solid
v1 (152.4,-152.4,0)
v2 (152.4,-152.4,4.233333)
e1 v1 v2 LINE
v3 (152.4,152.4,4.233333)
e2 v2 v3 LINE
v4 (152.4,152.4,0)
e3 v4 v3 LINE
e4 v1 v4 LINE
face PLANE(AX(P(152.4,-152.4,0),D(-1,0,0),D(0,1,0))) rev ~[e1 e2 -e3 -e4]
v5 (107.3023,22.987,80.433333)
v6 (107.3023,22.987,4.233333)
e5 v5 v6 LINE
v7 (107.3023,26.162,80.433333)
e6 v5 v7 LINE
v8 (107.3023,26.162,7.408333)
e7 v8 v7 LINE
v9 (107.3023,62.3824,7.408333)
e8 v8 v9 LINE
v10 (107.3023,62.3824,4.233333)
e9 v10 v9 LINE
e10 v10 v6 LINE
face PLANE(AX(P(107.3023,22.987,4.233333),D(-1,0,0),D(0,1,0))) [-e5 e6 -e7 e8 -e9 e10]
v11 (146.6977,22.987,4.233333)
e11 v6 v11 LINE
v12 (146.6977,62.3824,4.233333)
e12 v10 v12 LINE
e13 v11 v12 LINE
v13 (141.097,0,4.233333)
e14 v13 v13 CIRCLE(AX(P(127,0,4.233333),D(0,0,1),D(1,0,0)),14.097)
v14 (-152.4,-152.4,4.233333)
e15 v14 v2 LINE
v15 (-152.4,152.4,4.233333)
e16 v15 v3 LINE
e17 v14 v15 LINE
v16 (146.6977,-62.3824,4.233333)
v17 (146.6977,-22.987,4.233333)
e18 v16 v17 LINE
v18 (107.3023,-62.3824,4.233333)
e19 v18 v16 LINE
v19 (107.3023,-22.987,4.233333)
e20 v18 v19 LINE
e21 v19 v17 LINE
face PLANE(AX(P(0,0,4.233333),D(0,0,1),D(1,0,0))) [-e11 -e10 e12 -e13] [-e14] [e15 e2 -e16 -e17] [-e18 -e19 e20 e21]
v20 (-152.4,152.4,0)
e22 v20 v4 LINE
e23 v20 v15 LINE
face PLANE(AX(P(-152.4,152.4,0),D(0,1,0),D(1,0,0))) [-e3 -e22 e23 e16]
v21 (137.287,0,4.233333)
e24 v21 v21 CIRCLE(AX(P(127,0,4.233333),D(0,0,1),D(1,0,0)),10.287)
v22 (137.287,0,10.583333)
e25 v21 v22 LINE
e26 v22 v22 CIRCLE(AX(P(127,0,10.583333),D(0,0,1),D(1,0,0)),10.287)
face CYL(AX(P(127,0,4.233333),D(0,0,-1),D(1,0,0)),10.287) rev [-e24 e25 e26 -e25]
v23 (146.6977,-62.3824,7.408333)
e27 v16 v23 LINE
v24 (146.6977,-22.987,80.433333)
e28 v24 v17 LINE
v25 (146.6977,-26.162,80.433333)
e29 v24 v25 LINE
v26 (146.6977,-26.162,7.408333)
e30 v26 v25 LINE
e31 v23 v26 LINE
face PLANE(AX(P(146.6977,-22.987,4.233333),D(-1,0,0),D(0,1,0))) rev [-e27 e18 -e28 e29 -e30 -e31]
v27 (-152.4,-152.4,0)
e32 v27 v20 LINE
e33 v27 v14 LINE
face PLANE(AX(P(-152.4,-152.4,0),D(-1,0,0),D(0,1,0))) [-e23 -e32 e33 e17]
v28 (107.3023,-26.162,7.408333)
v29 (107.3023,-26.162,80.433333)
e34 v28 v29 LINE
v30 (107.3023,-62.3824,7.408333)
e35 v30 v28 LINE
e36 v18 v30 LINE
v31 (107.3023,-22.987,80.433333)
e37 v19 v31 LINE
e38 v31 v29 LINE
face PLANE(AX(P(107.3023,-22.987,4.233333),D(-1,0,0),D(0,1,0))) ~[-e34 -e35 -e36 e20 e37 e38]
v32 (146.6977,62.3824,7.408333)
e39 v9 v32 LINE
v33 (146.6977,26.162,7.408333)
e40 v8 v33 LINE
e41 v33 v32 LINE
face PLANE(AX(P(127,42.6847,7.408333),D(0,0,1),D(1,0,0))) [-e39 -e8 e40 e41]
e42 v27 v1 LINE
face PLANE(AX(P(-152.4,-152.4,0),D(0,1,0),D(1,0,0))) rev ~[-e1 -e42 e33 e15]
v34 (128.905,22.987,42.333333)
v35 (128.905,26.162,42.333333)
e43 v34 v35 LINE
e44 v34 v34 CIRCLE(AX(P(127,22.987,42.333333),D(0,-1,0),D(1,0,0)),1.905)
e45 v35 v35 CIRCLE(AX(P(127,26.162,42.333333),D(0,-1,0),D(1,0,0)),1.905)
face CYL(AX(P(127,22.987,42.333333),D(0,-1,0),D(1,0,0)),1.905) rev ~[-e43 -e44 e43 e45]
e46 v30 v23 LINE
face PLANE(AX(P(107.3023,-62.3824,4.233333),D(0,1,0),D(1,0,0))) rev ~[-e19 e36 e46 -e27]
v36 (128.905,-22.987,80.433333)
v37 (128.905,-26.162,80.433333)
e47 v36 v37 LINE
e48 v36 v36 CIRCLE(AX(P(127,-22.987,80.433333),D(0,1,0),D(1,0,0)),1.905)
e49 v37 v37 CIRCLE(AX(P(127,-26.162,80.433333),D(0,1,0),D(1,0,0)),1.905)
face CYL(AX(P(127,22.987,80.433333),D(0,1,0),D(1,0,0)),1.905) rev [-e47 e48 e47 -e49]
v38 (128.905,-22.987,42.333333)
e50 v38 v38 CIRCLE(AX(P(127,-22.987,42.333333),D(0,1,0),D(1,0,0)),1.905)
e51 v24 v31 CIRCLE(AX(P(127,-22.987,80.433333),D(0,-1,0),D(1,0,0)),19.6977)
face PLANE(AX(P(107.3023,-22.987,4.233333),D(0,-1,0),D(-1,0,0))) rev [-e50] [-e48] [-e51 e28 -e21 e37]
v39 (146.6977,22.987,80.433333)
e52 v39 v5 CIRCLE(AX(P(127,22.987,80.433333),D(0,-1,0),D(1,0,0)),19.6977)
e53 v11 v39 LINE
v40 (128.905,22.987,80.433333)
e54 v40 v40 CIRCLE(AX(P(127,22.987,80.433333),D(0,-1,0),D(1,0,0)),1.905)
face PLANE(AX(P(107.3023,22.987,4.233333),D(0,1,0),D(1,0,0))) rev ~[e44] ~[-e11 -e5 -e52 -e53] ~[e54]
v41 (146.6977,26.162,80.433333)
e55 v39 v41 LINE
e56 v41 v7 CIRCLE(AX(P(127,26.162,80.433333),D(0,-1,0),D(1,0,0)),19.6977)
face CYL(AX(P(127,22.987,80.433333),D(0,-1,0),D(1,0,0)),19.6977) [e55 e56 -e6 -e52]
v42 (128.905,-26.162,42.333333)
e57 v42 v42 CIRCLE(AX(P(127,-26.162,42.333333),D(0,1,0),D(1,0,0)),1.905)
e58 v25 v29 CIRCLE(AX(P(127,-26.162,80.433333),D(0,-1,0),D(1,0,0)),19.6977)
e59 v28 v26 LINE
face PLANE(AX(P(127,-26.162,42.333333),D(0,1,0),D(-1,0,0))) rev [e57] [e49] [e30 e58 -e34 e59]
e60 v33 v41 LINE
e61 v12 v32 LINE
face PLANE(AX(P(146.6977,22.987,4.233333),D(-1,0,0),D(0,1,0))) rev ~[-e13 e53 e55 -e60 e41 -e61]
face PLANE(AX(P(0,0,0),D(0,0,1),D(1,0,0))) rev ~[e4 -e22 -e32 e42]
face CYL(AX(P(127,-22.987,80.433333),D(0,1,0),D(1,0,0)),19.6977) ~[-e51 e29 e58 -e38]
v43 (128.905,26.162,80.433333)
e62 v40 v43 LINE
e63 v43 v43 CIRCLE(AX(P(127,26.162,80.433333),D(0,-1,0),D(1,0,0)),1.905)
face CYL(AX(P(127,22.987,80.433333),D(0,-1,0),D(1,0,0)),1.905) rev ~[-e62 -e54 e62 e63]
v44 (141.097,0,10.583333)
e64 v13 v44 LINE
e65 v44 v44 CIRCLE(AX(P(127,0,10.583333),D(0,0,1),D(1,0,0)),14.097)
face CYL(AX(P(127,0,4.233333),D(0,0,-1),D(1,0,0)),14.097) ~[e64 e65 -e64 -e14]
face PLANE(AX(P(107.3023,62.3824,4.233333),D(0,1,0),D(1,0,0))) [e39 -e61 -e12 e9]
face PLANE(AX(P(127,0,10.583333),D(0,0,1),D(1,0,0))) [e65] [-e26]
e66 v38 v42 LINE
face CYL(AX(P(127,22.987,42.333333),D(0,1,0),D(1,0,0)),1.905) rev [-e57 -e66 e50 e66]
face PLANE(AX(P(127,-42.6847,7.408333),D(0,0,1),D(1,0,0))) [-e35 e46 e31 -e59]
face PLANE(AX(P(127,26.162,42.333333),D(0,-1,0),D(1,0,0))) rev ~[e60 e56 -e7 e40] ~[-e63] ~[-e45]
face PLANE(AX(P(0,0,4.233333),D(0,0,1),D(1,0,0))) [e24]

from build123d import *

# Parameters (mm, degrees)
F0_W           = 304.8
F0_H           = 304.8
F1_DEPTH       = 4.2333333333
F2_R           = 14.097
F2_R_2         = 10.287
F3_DEPTH       = 6.35
F4_W           = 39.3954
F4_H           = 39.3954
F5_DEPTH       = 3.175
F6_W           = 39.3954
F6_H           = 76.2
F7_DEPTH       = 3.175
F9_R           = 1.905
F10_DEPTH      = 129.414
F10_DEPTH_BACK = 86.36


with BuildPart() as f1:
    # F0 (on Top) → F1 (new body)
    with BuildSketch(Plane.XY):
        Rectangle(F0_W, F0_H)
    extrude(amount=F1_DEPTH)

    # F2 (on face) → F3 (join)
    with BuildSketch(Plane.XY.offset(4.2333333333)):
        with Locations((127, 0)):
            Circle(F2_R)
        with Locations((127, 0)):
            Circle(F2_R_2, mode=Mode.SUBTRACT)
    extrude(amount=F3_DEPTH)

    # F4 (on face) → F5 (join)
    with BuildSketch(Plane.XY.offset(4.2333333333)):
        with Locations((127, 42.6847)):
            Rectangle(F4_W, F4_H)
        with Locations((127, -42.6847)):
            Rectangle(F4_W, F4_H)
    extrude(amount=F5_DEPTH)

    # F6 (on face) → F7 (join)
    with BuildSketch(Plane.XZ.offset(-22.987)):
        with Locations((127, 42.3333333333)):
            Rectangle(F6_W, F6_H)
        with BuildLine():
            ThreePointArc((146.6977, 80.4333333333), (127, 100.1310333333), (107.3023, 80.4333333333))
            Line((107.3023, 80.4333333333), (146.6977, 80.4333333333))
        make_face()
    extrude(amount=-F7_DEPTH)

    # F8: F1 across plane


with BuildPart() as f1_1:
    add(f1.part)
    add(f1.part.mirror(Plane.XZ))

    # F9 (on face) → F10 (cut, two sides)
    with BuildSketch(Plane.XZ.offset(-22.987)) as f10_sk:
        with Locations((127, 42.3333333333)):
            Circle(F9_R)
        with Locations((127, 80.4333333333)):
            Circle(F9_R)
    extrude(amount=-F10_DEPTH, mode=Mode.SUBTRACT)
    extrude(f10_sk.sketch, amount=F10_DEPTH_BACK, mode=Mode.SUBTRACT)


solid = f1_1.part
